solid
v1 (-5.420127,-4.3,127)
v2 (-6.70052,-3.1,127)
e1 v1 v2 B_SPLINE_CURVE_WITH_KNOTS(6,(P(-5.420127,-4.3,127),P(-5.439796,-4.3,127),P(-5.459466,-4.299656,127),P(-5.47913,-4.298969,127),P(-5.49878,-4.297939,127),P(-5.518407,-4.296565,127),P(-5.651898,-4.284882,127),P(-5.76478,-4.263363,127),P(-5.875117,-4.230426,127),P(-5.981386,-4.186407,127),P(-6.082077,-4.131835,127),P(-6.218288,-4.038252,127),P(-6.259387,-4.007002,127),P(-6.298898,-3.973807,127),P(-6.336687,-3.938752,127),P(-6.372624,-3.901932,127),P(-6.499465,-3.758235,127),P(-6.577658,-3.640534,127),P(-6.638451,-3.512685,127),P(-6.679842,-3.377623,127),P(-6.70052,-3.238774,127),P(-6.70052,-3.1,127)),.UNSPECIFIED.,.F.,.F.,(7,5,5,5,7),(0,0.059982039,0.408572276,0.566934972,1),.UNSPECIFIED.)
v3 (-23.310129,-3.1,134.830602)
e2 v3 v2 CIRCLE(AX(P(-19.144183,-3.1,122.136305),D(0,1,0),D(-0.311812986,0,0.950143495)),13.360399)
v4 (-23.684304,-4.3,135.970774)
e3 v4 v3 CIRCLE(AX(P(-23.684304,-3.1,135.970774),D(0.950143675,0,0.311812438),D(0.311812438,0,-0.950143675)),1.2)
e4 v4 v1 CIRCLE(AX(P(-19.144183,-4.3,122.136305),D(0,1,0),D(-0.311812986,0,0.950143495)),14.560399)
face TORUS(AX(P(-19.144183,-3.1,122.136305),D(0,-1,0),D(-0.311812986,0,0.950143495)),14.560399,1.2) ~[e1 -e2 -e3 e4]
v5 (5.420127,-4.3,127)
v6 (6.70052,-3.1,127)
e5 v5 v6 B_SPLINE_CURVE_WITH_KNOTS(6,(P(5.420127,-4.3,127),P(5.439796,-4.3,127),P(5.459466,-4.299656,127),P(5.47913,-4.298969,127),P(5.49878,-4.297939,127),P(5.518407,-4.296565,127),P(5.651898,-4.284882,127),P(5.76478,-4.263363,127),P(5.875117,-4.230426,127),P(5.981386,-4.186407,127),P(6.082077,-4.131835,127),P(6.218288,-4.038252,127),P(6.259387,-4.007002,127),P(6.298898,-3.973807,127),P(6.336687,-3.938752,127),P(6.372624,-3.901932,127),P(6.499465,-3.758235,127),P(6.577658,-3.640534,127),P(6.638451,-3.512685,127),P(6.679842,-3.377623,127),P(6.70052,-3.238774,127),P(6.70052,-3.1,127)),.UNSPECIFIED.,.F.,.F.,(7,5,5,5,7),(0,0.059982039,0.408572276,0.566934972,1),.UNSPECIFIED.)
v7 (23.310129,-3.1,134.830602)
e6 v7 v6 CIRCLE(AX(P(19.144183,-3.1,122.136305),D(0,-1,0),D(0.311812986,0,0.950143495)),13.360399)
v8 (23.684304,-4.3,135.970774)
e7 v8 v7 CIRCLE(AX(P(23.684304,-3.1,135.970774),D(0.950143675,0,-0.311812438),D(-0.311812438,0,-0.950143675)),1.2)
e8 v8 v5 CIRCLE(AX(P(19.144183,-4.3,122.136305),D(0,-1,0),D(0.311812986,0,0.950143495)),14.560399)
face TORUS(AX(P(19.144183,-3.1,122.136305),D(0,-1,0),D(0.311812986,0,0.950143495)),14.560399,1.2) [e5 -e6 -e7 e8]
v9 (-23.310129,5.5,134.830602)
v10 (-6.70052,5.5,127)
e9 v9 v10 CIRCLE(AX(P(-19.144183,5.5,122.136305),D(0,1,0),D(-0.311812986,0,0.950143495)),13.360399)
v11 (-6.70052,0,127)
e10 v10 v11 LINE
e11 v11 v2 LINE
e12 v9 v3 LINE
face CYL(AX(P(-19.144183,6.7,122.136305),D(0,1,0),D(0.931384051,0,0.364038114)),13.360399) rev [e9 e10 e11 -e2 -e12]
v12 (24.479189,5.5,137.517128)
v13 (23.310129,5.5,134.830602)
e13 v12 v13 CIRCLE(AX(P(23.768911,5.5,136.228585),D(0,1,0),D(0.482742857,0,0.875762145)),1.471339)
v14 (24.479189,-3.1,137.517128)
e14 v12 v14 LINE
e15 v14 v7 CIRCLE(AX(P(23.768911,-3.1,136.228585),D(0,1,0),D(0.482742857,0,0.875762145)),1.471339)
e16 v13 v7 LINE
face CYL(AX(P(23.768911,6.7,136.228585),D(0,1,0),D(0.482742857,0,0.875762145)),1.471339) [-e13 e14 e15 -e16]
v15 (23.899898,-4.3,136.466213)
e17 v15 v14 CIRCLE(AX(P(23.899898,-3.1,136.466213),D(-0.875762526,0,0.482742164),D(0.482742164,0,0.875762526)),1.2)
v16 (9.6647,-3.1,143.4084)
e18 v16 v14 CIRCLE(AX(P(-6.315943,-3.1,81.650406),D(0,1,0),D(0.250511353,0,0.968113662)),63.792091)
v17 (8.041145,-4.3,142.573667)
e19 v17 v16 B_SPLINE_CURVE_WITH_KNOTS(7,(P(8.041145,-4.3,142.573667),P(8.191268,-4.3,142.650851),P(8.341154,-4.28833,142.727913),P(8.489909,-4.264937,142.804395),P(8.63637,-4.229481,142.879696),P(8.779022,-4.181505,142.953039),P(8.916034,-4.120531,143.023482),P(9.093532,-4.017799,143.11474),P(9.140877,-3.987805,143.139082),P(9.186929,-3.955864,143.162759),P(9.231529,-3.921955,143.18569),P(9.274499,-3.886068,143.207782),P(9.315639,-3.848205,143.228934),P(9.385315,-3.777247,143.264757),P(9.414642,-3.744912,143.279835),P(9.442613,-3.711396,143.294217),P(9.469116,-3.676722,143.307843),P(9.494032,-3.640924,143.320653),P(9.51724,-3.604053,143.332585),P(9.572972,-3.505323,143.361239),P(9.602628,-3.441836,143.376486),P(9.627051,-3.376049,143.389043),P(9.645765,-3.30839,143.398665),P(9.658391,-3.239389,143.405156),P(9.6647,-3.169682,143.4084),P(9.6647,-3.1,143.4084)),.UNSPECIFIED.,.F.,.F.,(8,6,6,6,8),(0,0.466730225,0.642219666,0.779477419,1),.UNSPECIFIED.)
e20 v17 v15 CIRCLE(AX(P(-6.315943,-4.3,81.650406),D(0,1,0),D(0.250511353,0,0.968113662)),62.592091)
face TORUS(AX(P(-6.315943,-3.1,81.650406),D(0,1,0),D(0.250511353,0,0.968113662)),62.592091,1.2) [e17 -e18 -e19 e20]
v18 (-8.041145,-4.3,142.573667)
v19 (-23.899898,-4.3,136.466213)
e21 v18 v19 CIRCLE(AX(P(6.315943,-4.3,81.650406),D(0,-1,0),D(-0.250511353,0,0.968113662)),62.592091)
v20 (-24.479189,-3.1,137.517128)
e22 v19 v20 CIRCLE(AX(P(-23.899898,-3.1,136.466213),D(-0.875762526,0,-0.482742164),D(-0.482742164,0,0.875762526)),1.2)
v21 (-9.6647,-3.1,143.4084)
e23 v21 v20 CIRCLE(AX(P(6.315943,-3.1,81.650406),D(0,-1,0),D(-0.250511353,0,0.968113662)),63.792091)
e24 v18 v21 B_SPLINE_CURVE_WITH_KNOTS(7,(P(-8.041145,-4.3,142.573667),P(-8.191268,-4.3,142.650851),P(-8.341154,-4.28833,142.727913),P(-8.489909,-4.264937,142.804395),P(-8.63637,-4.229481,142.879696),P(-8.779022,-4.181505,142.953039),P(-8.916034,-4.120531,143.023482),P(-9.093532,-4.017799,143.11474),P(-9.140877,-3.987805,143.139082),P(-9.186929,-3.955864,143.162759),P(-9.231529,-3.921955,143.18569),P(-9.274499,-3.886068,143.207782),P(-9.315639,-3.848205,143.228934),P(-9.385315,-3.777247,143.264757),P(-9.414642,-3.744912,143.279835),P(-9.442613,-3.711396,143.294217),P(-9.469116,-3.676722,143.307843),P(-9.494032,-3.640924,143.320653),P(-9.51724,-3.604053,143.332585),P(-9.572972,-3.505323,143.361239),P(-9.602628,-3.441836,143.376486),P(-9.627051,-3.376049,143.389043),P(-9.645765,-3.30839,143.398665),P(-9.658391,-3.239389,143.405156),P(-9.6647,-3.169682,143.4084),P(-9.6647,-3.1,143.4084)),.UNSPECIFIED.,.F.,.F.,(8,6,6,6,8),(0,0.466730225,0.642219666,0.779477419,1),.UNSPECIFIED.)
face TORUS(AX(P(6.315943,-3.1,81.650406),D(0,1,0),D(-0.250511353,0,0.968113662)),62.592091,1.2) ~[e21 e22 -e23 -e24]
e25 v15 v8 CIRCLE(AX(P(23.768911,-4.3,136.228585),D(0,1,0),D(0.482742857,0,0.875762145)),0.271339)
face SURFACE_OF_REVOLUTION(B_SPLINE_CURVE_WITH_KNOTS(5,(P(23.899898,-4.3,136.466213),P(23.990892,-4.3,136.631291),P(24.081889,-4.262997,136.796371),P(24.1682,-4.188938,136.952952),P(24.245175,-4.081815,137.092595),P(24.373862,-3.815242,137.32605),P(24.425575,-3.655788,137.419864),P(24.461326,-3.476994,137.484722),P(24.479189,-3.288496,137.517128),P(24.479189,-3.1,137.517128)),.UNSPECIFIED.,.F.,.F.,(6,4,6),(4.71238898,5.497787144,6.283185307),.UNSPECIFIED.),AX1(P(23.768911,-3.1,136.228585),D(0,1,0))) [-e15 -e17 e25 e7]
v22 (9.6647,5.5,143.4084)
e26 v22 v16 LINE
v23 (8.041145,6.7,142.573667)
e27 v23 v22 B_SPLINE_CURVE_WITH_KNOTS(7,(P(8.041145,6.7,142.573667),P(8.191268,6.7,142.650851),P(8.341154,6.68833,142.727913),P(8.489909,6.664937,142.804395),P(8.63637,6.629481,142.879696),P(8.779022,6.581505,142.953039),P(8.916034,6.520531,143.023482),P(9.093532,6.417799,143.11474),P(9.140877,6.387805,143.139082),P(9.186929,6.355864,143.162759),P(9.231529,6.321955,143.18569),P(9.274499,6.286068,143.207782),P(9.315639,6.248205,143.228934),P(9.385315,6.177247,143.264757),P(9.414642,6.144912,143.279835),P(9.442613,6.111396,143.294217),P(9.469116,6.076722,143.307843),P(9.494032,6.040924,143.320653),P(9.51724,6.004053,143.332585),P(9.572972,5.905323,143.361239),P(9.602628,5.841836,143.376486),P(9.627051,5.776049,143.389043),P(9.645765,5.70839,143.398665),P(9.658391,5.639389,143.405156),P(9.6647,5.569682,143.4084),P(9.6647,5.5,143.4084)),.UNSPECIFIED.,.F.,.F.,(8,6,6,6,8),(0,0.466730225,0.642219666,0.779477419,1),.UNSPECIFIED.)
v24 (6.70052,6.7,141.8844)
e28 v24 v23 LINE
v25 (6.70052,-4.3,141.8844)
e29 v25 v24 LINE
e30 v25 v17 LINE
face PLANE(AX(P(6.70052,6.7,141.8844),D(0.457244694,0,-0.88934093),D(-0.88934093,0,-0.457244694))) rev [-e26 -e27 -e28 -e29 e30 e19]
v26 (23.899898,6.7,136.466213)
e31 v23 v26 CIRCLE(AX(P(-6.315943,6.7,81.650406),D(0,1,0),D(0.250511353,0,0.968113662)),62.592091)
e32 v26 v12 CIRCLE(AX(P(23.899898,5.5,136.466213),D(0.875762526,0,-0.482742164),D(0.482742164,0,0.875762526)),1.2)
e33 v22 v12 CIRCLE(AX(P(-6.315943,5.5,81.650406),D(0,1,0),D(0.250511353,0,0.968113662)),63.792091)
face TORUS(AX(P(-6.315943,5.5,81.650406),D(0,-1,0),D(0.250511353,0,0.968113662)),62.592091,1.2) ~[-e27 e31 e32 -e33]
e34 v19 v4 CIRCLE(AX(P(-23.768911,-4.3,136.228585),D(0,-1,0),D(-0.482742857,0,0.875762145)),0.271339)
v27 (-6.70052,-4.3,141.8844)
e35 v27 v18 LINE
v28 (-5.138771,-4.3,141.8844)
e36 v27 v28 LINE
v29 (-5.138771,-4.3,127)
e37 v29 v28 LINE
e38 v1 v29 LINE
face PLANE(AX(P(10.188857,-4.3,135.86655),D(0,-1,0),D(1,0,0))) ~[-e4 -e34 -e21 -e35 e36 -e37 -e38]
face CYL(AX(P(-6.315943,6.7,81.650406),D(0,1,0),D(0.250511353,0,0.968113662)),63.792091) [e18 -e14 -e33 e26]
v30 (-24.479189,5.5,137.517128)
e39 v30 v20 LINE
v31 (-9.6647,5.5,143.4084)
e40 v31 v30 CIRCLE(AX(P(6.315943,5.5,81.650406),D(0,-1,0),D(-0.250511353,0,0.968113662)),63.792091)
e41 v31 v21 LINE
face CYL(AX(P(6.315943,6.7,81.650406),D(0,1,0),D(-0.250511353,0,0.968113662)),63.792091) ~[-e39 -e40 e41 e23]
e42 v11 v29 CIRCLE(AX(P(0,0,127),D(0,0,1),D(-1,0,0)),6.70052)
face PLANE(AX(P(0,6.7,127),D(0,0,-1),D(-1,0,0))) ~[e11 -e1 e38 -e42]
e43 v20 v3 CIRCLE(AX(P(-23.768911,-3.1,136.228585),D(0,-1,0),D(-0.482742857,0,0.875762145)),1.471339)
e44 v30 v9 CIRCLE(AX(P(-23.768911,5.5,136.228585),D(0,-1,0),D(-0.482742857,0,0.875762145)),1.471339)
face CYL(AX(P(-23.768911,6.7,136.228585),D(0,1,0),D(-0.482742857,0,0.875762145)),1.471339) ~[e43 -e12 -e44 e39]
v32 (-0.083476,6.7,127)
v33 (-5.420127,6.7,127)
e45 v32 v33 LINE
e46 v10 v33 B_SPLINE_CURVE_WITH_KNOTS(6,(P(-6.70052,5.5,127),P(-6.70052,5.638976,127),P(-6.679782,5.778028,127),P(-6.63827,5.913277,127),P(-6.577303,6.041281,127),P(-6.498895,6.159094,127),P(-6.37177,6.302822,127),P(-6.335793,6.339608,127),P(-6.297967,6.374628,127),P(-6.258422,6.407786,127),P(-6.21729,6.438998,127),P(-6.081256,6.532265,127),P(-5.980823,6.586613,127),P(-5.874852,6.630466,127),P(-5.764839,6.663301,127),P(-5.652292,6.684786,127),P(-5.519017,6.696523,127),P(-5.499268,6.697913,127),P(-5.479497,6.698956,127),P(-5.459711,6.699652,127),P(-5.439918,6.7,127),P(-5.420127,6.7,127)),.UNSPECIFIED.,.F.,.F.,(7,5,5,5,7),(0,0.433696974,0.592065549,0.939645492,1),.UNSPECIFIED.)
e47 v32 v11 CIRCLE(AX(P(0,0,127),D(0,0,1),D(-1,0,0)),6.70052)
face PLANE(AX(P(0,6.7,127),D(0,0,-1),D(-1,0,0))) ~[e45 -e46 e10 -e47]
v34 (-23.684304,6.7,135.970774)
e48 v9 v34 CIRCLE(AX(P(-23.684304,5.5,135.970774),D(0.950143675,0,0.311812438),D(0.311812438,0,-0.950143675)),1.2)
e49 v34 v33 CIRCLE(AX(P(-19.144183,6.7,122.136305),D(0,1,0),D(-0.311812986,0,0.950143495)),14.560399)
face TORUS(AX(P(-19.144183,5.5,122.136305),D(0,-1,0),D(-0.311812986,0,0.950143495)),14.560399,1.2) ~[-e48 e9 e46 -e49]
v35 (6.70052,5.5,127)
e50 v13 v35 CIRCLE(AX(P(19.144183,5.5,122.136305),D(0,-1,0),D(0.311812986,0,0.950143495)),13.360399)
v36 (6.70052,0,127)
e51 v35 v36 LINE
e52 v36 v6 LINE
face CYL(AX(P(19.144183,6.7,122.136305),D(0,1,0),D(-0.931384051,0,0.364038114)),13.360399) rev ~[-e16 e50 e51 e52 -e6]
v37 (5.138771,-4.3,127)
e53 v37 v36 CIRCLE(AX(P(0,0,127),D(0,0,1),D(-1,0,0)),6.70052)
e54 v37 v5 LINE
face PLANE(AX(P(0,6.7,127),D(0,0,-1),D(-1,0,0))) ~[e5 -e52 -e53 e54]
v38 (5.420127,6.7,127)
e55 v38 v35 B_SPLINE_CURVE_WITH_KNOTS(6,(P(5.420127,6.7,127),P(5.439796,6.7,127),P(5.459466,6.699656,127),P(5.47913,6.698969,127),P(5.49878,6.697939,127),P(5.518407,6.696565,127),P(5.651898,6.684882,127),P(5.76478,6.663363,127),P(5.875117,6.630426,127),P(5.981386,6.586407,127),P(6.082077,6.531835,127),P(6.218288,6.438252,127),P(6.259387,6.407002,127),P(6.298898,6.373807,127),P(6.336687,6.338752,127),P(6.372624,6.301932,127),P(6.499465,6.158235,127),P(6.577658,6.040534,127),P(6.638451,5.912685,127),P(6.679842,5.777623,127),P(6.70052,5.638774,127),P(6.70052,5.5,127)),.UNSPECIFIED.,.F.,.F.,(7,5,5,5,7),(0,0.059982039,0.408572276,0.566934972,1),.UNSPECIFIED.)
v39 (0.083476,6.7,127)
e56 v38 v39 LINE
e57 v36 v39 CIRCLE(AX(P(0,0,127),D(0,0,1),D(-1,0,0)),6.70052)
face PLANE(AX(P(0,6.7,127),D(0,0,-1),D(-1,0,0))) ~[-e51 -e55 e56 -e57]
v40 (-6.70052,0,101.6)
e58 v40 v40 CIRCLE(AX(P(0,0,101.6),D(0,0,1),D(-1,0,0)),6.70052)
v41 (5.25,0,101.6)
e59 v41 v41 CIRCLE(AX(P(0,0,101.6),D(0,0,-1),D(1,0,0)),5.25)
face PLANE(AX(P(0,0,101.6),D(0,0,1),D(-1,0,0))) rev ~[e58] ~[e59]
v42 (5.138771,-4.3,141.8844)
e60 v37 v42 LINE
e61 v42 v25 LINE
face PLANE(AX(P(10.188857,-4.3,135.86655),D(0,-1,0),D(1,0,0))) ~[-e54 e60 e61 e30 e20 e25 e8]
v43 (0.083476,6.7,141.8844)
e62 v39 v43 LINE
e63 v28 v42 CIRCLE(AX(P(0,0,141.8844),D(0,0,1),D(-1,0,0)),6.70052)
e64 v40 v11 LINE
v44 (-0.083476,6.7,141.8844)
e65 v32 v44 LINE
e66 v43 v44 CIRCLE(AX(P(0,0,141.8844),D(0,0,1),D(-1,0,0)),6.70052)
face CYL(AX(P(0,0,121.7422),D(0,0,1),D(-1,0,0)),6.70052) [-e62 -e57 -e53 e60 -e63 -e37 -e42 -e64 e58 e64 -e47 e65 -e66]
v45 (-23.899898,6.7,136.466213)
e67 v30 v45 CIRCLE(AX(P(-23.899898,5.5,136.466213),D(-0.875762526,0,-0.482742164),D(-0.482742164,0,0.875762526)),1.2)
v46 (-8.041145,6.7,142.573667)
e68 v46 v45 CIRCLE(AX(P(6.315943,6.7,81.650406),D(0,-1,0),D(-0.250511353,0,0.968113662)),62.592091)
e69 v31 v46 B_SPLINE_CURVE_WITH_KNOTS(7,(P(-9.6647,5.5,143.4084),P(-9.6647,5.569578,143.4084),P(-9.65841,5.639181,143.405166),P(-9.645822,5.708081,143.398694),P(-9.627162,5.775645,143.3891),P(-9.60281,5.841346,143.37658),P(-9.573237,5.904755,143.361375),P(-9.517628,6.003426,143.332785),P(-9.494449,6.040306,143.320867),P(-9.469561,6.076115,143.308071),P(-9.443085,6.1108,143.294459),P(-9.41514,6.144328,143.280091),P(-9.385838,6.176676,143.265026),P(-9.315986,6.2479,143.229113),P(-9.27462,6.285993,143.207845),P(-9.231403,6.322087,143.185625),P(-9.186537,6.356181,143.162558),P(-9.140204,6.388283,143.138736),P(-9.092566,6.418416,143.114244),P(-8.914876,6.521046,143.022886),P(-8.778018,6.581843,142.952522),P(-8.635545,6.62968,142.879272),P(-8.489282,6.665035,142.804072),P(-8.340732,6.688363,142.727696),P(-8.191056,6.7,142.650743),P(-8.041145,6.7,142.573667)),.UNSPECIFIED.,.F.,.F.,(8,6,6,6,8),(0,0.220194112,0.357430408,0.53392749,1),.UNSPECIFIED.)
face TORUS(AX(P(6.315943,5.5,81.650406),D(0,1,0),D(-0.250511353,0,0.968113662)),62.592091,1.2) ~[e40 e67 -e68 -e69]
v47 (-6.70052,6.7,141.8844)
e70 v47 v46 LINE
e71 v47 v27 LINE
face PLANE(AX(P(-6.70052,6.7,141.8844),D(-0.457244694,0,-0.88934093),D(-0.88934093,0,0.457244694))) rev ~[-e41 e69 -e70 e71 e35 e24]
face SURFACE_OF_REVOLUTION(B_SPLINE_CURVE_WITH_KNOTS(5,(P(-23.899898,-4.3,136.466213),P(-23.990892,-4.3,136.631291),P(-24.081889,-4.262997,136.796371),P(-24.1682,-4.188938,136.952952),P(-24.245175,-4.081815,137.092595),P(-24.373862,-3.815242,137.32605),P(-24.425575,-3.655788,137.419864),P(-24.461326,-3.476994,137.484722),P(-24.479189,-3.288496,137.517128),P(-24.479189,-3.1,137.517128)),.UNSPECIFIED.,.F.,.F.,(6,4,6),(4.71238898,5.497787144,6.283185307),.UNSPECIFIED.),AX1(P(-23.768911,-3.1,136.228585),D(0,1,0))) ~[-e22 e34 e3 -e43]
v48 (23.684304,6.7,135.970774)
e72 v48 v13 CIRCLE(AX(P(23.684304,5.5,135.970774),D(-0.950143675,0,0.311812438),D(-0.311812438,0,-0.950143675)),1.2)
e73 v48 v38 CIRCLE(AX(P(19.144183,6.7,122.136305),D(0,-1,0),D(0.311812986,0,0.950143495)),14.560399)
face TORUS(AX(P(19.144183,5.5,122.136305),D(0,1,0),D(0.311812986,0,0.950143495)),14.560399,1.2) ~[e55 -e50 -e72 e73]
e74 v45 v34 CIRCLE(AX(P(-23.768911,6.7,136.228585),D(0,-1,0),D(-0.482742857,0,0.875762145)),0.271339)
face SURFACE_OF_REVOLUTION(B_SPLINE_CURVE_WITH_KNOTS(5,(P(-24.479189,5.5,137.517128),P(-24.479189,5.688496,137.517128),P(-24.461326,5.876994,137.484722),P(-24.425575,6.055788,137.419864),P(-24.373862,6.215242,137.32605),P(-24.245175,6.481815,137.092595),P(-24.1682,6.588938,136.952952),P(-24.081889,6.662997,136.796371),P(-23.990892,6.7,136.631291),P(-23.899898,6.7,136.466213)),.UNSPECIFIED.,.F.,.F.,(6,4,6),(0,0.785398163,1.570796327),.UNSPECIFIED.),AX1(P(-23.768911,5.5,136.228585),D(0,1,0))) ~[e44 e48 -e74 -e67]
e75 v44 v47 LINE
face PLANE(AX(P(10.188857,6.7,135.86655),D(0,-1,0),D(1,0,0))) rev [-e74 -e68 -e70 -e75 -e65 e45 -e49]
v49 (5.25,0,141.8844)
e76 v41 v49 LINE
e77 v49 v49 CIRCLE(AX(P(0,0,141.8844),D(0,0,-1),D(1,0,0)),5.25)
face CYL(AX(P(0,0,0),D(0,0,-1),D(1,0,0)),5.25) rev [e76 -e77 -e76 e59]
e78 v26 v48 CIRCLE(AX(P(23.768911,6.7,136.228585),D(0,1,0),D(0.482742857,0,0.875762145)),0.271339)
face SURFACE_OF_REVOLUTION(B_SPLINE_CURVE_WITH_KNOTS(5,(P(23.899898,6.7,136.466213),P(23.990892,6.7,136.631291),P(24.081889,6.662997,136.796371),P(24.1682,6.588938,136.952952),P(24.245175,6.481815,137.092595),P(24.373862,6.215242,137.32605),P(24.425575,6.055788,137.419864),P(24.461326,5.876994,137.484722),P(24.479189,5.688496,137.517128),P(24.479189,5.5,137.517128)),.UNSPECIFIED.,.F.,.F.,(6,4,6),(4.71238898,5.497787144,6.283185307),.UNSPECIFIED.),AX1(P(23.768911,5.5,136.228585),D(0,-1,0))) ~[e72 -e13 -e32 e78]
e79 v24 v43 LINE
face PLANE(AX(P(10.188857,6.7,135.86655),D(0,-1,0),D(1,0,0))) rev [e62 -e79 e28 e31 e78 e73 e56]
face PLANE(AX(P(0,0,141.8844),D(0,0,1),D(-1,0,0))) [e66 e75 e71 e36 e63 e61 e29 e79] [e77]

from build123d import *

# Parameters (mm, degrees)
PAD001_DEPTH      = 11
FILLET001_R       = 1.2
SKETCH005_W       = 6.70052
SKETCH005_H       = 40.2844
SKETCH006_R       = 5.25
POCKET_DEPTH      = 0.001
POCKET_DEPTH_BACK = 143.4094


with BuildPart() as part:
    # Sketch004 → Pad001 (new body)
    with BuildSketch(Plane.XZ.offset(-6.7)):
        with BuildLine():
            Line((-6.70052, 141.8844), (-9.6647, 143.4084))
            ThreePointArc((-9.6647, 143.4084), (-17.256712, 140.927389), (-24.479189, 137.517128))
            ThreePointArc((-24.479189, 137.517128), (-25.118047, 135.6415), (-23.310129, 134.830602))
            ThreePointArc((-6.70052, 127), (-13.446839, 134.221029), (-23.310129, 134.830602))
            Line((0, 127), (-6.70052, 127))
            Line((0, 141.8844), (0, 127))
            Line((-6.70052, 141.8844), (0, 141.8844))
        make_face()
    pad001 = extrude(amount=PAD001_DEPTH)

    # Mirrored: Pad001 across Sketch004 V_Axis
    add(pad001.mirror(Plane(origin=(0, 6.7, 0), x_dir=(0, -1, 0), z_dir=(1, 0, 0))))

    # Fillet001
    fillet001_edges = [part.edges().sort_by_distance(p)[0] for p in [
        (17.256712, 6.7, 140.927389),
        (17.256712, -4.3, 140.927389),
        (-17.256712, -4.3, 140.927389),
        (-17.256712, 6.7, 140.927389),
    ]]
    fillet(fillet001_edges, radius=FILLET001_R)

    # Sketch005 → Revolution (revolve)
    with BuildSketch(Plane.XZ):
        with Locations((-3.35026, 121.7422)):
            Rectangle(SKETCH005_W, SKETCH005_H)
    revolve(axis=Axis((0, 0, 0), (0, 0, 1)))

    # Sketch006 → Pocket (cut, two sides)
    with BuildSketch(Plane.XY) as pocket_sk:
        Circle(SKETCH006_R)
    extrude(amount=-POCKET_DEPTH, mode=Mode.SUBTRACT)
    extrude(pocket_sk.sketch, amount=POCKET_DEPTH_BACK, mode=Mode.SUBTRACT)


solid = part.part
